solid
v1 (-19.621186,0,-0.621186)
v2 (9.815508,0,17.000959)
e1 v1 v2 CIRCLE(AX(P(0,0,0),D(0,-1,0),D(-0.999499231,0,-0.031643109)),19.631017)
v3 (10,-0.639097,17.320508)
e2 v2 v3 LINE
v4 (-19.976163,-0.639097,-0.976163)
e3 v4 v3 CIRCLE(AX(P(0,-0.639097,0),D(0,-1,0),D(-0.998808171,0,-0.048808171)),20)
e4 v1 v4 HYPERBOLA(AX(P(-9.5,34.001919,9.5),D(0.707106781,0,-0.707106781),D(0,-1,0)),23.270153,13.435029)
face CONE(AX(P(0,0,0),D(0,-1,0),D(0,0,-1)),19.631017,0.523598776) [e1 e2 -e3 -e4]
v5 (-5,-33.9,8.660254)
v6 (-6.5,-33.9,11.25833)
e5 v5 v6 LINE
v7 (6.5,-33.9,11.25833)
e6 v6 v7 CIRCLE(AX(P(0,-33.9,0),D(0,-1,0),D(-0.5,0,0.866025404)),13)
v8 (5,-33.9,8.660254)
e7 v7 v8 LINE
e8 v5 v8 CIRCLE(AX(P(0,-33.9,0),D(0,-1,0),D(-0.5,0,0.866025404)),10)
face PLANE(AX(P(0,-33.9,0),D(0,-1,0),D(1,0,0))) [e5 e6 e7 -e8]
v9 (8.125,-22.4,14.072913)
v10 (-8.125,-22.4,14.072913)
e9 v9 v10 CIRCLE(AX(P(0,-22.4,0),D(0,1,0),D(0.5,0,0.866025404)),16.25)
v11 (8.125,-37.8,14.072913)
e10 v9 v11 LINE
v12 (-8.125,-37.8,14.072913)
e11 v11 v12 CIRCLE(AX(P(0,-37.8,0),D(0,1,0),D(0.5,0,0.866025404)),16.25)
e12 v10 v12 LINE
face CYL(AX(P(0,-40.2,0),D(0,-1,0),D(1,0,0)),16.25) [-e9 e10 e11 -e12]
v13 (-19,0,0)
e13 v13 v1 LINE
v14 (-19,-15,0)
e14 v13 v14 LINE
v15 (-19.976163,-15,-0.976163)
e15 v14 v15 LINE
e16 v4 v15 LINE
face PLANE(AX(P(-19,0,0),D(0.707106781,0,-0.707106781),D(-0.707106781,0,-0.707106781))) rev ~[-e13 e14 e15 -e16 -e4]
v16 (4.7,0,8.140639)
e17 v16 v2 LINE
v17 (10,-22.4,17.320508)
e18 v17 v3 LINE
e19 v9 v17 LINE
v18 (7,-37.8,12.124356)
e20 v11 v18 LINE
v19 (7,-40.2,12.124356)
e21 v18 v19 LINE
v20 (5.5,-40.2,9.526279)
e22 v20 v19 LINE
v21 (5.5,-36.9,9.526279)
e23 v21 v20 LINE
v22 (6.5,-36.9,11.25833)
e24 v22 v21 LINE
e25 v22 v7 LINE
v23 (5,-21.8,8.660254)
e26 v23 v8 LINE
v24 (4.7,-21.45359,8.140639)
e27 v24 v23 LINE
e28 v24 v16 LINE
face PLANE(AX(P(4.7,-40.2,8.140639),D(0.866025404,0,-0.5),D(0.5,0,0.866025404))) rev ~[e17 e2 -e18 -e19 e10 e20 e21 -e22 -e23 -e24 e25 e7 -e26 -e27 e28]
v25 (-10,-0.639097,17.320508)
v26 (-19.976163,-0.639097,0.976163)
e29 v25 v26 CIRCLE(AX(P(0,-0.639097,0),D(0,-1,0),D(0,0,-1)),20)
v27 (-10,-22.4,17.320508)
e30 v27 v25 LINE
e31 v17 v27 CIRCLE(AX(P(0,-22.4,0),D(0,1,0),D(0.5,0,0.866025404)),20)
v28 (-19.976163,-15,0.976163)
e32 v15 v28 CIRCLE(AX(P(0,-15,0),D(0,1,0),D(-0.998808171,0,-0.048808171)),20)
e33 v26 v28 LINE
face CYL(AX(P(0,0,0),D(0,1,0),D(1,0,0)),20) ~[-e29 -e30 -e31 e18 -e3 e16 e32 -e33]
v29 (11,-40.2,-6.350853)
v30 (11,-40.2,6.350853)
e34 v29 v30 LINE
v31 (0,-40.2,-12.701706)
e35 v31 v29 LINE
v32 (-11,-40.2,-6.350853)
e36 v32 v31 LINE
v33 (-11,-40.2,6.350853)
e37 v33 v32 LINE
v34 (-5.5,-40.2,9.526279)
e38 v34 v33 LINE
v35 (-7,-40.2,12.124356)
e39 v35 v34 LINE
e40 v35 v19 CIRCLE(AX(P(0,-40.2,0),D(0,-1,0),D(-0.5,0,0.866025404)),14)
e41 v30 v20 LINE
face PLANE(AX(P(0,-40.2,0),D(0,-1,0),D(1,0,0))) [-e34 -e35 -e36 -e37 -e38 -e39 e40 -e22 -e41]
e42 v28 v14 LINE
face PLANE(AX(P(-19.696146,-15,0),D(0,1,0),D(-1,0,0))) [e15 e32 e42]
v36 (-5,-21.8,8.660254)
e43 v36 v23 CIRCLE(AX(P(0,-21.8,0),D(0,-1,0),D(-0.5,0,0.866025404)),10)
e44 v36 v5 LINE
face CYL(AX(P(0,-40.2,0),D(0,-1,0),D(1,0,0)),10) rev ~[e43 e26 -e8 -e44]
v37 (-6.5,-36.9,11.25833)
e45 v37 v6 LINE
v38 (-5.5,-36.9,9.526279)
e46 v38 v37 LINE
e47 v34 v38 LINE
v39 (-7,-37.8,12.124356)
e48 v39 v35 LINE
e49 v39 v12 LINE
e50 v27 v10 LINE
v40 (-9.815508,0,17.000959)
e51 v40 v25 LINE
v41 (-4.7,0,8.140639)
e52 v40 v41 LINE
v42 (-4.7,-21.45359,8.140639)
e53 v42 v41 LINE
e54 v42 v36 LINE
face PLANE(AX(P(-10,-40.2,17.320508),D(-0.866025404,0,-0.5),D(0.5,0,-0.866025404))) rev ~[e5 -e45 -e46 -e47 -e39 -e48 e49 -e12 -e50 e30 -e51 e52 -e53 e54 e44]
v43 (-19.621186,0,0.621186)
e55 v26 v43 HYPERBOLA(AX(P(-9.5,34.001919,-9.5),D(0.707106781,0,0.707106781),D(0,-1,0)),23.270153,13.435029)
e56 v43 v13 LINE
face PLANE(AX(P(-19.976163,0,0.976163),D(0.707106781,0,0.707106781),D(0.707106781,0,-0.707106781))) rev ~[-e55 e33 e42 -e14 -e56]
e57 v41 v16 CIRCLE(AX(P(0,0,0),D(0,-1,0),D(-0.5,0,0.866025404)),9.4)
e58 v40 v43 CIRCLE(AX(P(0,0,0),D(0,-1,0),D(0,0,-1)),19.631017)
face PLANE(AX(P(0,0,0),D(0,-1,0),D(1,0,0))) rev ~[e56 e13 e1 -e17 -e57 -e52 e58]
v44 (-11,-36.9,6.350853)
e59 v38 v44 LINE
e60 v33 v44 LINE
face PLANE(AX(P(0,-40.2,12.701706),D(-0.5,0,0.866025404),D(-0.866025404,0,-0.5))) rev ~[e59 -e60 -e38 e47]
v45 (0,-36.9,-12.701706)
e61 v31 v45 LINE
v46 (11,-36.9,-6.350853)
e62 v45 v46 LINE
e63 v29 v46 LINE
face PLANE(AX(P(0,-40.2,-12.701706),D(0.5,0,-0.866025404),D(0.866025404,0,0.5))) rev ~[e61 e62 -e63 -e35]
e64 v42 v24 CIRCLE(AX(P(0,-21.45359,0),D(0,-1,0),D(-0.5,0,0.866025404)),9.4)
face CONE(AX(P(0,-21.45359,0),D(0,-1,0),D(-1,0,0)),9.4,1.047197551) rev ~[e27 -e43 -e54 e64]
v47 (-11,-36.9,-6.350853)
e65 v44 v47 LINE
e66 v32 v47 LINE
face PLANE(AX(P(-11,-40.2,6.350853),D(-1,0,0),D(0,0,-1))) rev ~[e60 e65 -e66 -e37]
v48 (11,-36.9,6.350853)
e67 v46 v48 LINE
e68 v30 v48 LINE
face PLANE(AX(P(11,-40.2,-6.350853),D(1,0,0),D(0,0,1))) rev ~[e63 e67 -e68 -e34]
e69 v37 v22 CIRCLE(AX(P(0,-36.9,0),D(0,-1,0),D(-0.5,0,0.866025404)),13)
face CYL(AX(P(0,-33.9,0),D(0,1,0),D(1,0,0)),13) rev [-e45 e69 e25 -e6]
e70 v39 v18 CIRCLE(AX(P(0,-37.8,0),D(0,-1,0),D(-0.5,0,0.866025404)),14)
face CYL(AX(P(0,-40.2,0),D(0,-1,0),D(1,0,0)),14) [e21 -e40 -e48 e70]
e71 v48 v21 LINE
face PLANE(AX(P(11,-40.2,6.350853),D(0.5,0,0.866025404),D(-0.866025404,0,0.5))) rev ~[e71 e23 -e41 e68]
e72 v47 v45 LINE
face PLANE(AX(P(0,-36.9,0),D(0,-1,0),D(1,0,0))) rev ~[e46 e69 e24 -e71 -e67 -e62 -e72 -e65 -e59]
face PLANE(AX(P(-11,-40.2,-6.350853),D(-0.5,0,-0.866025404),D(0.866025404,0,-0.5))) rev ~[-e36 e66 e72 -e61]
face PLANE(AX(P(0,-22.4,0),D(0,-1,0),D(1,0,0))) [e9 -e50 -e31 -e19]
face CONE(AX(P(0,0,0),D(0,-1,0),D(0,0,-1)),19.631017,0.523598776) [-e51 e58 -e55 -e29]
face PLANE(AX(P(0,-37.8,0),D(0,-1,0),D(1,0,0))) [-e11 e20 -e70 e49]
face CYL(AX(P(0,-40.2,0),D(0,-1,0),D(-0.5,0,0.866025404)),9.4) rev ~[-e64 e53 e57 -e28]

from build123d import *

# Parameters (mm, degrees)
F0_R      = 20
F1_DEPTH  = 40.2
F2_R      = 20
F2_R_2    = 16.25
F3_DEPTH  = 17.8
F5_DEPTH  = 40.201
F7_R      = 13
F8_DEPTH  = 3
F10_DEPTH = 5
F11_R     = 16.25
F11_R_2   = 14
F12_DEPTH = 2.4
F14_DEPTH = 15
F18_R     = 10
F19_DEPTH = 18.4


with BuildPart() as f1:
    # F0 (on Front) → F1 (new body)
    with BuildSketch(Plane.XZ):
        Circle(F0_R)
    extrude(amount=F1_DEPTH)

    # F2 (on face) → F3 (cut)
    with BuildSketch(Plane.XZ.offset(40.2)):
        Circle(F2_R)
        Circle(F2_R_2, mode=Mode.SUBTRACT)
    extrude(amount=-F3_DEPTH, mode=Mode.SUBTRACT)

    # F4 (on face) → F5 (cut, through all)
    with BuildSketch(Plane.XZ.offset(40.2)):
        with BuildLine():
            Line((-10, 17.3205080757), (-4.7, 8.1406387956))
            ThreePointArc((-4.7, 8.1406387956), (0, -9.4), (4.7, 8.1406387956))
            Line((4.7, 8.1406387956), (10, 17.3205080757))
            ThreePointArc((10, 17.3205080757), (0, 20), (-10, 17.3205080757))
        make_face()
    extrude(amount=-F5_DEPTH, mode=Mode.SUBTRACT)

    # F7 (on offset) → F8 (cut)
    with BuildSketch(Plane.XZ.offset(33.9)):
        Circle(F7_R)
    extrude(amount=F8_DEPTH, mode=Mode.SUBTRACT)

    # F9 (on face) → F10 (cut)
    with BuildSketch(Plane.XZ.offset(40.2)):
        Polygon((11, -6.3508529611), (11, 6.3508529611), (0, 12.7017059222), (-11, 6.3508529611), (-11, -6.3508529611), (0, -12.7017059222), align=None)
    extrude(amount=-F10_DEPTH, mode=Mode.SUBTRACT)

    # F11 (on face) → F12 (cut)
    with BuildSketch(Plane.XZ.offset(40.2)):
        Circle(F11_R)
        Circle(F11_R_2, mode=Mode.SUBTRACT)
    extrude(amount=-F12_DEPTH, mode=Mode.SUBTRACT)

    # F13 (on face) → F14 (cut)
    with BuildSketch(Plane(origin=(0, 0, 0), x_dir=(-1, 0, 0), z_dir=(0, 1, 0))):
        with BuildLine():
            Line((19.9761634199, 0.9761634199), (19, 0))
            Line((19, 0), (19.9761634199, -0.9761634199))
            ThreePointArc((19.9761634199, -0.9761634199), (20, 0), (19.9761634199, 0.9761634199))
        make_face()
    extrude(amount=-F14_DEPTH, mode=Mode.SUBTRACT)

    # F15 (on Right) → F16 (revolve, cut)
    with BuildSketch(Plane.YZ):
        Polygon((-0.639097304, -20), (0, -20), (0, -19.6310169995), align=None)
    revolve(axis=Axis((0, -40.2, 0), (0, -1, 0)), mode=Mode.SUBTRACT)

    # F18 (on face) → F19 (cut)
    with BuildSketch(Plane.XZ.offset(40.2)):
        Circle(F18_R)
    extrude(amount=-F19_DEPTH, mode=Mode.SUBTRACT)

    # F20 (on Top) → F21 (revolve, cut)
    with BuildSketch(Plane.XY):
        Polygon((-10, -21.8), (-9.4, -21.8), (-9.4, -21.4535898385), align=None)
    revolve(axis=Axis((0, -40.2, 0), (0, -1, 0)), mode=Mode.SUBTRACT)


solid = f1.part
